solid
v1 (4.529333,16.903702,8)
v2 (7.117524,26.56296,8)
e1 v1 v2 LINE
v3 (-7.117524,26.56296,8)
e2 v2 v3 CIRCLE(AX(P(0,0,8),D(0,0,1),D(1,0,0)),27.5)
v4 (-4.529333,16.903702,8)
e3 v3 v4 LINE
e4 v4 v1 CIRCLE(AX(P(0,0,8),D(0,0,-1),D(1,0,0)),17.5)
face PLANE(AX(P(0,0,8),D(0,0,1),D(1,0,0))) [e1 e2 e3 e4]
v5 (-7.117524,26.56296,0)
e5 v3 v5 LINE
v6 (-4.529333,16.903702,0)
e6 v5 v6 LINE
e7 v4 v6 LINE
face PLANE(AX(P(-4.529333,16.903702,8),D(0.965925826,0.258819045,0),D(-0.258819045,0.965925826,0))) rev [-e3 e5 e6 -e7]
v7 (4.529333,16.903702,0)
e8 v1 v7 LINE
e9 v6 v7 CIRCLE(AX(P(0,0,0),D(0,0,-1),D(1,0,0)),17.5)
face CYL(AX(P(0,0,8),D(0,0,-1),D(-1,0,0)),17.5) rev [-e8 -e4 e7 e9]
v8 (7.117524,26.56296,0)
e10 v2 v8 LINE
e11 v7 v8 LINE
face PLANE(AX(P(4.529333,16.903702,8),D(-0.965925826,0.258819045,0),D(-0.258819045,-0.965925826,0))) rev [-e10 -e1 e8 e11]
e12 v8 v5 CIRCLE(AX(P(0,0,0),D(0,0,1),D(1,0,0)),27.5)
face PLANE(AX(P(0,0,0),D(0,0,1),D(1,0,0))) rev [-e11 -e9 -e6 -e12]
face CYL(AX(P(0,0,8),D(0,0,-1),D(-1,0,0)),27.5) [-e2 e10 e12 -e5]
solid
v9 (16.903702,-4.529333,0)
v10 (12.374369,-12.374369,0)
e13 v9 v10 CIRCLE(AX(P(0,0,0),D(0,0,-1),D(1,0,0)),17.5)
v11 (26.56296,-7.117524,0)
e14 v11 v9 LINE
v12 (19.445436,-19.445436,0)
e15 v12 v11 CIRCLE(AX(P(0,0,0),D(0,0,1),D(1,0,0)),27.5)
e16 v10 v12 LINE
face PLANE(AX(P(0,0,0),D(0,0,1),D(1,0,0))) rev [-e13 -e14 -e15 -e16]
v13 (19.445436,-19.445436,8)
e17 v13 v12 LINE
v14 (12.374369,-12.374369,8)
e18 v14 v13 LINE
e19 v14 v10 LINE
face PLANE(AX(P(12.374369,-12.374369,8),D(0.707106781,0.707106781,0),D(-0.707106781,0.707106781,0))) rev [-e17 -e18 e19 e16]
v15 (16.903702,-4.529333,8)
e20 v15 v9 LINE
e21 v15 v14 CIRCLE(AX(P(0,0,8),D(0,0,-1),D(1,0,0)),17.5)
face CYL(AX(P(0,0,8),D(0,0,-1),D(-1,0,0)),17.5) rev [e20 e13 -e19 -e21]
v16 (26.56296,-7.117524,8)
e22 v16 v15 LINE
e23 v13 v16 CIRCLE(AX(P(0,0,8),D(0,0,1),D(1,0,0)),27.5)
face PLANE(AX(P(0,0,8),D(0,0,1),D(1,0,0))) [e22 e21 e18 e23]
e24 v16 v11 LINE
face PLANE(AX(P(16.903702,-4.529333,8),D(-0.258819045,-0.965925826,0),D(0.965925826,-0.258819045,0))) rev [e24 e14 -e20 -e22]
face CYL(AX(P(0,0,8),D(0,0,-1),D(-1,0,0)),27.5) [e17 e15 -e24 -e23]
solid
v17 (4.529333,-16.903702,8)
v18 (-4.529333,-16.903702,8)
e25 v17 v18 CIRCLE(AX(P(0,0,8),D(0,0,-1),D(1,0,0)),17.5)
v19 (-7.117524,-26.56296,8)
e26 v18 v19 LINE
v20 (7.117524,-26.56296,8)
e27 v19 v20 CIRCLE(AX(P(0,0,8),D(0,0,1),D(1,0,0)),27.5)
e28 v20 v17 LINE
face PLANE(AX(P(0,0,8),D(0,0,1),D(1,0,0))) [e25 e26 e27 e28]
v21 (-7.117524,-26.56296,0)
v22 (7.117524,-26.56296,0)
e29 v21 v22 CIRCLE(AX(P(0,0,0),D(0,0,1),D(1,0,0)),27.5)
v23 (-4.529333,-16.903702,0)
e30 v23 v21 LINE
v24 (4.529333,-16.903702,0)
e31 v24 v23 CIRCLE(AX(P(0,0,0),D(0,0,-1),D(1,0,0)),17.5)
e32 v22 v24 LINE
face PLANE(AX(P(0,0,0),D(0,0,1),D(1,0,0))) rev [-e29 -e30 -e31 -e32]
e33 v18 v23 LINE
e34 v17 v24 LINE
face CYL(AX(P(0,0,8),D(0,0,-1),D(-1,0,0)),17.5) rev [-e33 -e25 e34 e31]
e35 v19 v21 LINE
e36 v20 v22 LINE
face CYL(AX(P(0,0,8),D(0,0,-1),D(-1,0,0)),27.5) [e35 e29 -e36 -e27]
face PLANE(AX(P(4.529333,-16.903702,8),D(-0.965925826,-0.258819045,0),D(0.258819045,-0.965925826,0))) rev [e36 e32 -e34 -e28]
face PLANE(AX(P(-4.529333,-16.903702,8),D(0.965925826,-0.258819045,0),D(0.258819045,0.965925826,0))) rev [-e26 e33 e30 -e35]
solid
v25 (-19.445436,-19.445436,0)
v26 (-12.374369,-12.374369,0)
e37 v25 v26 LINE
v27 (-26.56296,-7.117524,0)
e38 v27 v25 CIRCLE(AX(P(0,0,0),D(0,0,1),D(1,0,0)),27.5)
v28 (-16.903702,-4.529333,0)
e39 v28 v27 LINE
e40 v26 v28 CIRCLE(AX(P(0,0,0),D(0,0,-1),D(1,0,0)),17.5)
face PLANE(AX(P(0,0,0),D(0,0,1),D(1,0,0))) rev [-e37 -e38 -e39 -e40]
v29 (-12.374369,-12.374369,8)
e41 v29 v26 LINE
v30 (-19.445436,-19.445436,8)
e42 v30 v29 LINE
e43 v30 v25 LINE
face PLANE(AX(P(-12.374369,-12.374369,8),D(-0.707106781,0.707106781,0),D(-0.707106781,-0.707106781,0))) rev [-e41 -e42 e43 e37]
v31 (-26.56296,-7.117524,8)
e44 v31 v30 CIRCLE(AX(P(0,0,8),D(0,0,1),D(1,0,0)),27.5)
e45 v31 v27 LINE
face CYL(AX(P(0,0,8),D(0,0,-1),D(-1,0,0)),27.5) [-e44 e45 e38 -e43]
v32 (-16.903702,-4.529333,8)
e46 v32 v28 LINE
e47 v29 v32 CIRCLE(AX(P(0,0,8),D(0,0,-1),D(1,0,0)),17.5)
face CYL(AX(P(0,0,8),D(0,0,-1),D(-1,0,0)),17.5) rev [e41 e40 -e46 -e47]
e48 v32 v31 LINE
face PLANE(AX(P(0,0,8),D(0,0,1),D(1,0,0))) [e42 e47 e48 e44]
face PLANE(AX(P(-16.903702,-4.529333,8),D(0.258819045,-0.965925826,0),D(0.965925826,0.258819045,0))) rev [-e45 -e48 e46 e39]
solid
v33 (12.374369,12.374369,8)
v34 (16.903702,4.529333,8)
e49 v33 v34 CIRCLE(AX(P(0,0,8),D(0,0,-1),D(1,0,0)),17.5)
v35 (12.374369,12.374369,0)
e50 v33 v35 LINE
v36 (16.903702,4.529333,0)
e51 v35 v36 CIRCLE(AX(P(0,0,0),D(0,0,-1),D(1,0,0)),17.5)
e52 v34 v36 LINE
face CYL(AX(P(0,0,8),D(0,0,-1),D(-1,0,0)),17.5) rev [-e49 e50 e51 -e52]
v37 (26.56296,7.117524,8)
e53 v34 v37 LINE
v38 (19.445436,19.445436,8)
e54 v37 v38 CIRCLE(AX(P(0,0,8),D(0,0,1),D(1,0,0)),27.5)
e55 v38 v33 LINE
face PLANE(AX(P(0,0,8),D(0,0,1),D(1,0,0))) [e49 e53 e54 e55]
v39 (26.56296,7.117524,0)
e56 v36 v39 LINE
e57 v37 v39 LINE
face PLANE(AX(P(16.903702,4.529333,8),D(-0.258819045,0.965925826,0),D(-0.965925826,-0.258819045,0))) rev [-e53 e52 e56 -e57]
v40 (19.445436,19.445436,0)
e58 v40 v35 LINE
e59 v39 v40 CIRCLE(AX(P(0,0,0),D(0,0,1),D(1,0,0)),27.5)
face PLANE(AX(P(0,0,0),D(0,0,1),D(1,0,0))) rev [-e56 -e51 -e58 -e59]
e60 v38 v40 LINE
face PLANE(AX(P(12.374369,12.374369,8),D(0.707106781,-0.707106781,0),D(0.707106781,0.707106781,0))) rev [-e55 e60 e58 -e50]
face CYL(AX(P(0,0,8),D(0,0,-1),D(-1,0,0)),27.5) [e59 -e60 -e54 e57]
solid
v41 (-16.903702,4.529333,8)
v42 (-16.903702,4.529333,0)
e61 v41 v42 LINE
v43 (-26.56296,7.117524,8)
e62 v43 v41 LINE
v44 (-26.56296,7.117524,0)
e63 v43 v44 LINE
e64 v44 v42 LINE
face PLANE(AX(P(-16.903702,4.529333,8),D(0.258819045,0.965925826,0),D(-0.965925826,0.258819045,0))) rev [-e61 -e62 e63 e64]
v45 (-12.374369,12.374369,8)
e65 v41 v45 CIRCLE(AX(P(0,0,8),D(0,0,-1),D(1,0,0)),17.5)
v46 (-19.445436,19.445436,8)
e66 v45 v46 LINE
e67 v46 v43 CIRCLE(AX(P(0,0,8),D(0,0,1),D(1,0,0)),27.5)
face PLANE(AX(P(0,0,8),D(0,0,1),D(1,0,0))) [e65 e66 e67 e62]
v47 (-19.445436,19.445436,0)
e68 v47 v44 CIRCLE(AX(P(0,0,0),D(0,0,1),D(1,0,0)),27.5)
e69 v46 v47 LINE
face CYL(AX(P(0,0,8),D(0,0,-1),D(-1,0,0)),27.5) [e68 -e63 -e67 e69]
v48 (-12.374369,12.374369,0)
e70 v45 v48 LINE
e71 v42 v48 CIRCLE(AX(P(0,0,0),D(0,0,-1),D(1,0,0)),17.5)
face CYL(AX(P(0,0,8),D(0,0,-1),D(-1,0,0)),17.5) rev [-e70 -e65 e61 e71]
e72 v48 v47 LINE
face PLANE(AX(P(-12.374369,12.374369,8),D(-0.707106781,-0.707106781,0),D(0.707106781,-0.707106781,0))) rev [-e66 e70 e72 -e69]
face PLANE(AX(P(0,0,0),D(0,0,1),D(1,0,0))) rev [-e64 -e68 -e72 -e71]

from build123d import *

# Parameters (mm, degrees)
BOSS_EXTRUDE1_DEPTH   = 8
BOSS_EXTRUDE1_2_DEPTH = 8
BOSS_EXTRUDE1_3_DEPTH = 8
BOSS_EXTRUDE1_4_DEPTH = 8
BOSS_EXTRUDE1_5_DEPTH = 8
BOSS_EXTRUDE1_6_DEPTH = 8


with BuildPart() as part:
    # Sketch1 → Boss-Extrude1 (new body)
    with BuildSketch(Plane.XY):
        with BuildLine():
            Line((-4.529333289, 16.90370196), (-7.11752374, 26.562960223))
            ThreePointArc((-7.11752374, 26.562960223), (0, 27.5), (7.11752374, 26.562960223))
            Line((7.11752374, 26.562960223), (4.529333289, 16.90370196))
            ThreePointArc((4.529333289, 16.90370196), (0, 17.5), (-4.529333289, 16.90370196))
        make_face()
    extrude(amount=BOSS_EXTRUDE1_DEPTH)


with BuildPart() as body_2:
    # Sketch1 → Boss-Extrude1 2 (new body)
    with BuildSketch(Plane.XY):
        with BuildLine():
            Line((12.374368671, 12.374368671), (19.445436483, 19.445436483))
            ThreePointArc((19.445436483, 19.445436483), (23.815698604, 13.75), (26.562960223, 7.11752374))
            Line((26.562960223, 7.11752374), (16.90370196, 4.529333289))
            ThreePointArc((16.90370196, 4.529333289), (15.155444566, 8.75), (12.374368671, 12.374368671))
        make_face()
    extrude(amount=BOSS_EXTRUDE1_2_DEPTH)


with BuildPart() as body_3:
    # Sketch1 → Boss-Extrude1 3 (new body)
    with BuildSketch(Plane.XY):
        with BuildLine():
            Line((16.90370196, -4.529333289), (26.562960223, -7.11752374))
            ThreePointArc((26.562960223, -7.11752374), (23.815698604, -13.75), (19.445436483, -19.445436483))
            Line((19.445436483, -19.445436483), (12.374368671, -12.374368671))
            ThreePointArc((12.374368671, -12.374368671), (15.155444566, -8.75), (16.90370196, -4.529333289))
        make_face()
    extrude(amount=BOSS_EXTRUDE1_3_DEPTH)


with BuildPart() as body_4:
    # Sketch1 → Boss-Extrude1 4 (new body)
    with BuildSketch(Plane.XY):
        with BuildLine():
            Line((4.529333289, -16.90370196), (7.11752374, -26.562960223))
            ThreePointArc((7.11752374, -26.562960223), (0, -27.5), (-7.11752374, -26.562960223))
            Line((-7.11752374, -26.562960223), (-4.529333289, -16.90370196))
            ThreePointArc((-4.529333289, -16.90370196), (0, -17.5), (4.529333289, -16.90370196))
        make_face()
    extrude(amount=BOSS_EXTRUDE1_4_DEPTH)


with BuildPart() as body_5:
    # Sketch1 → Boss-Extrude1 5 (new body)
    with BuildSketch(Plane.XY):
        with BuildLine():
            Line((-12.374368671, -12.374368671), (-19.445436483, -19.445436483))
            ThreePointArc((-19.445436483, -19.445436483), (-23.815698604, -13.75), (-26.562960223, -7.11752374))
            Line((-26.562960223, -7.11752374), (-16.90370196, -4.529333289))
            ThreePointArc((-16.90370196, -4.529333289), (-15.155444566, -8.75), (-12.374368671, -12.374368671))
        make_face()
    extrude(amount=BOSS_EXTRUDE1_5_DEPTH)


with BuildPart() as body_6:
    # Sketch1 → Boss-Extrude1 6 (new body)
    with BuildSketch(Plane.XY):
        with BuildLine():
            Line((-16.90370196, 4.529333289), (-26.562960223, 7.11752374))
            ThreePointArc((-26.562960223, 7.11752374), (-23.815698604, 13.75), (-19.445436483, 19.445436483))
            Line((-19.445436483, 19.445436483), (-12.374368671, 12.374368671))
            ThreePointArc((-12.374368671, 12.374368671), (-15.155444566, 8.75), (-16.90370196, 4.529333289))
        make_face()
    extrude(amount=BOSS_EXTRUDE1_6_DEPTH)


solid = Compound([part.part, body_2.part, body_3.part, body_4.part, body_5.part, body_6.part])
